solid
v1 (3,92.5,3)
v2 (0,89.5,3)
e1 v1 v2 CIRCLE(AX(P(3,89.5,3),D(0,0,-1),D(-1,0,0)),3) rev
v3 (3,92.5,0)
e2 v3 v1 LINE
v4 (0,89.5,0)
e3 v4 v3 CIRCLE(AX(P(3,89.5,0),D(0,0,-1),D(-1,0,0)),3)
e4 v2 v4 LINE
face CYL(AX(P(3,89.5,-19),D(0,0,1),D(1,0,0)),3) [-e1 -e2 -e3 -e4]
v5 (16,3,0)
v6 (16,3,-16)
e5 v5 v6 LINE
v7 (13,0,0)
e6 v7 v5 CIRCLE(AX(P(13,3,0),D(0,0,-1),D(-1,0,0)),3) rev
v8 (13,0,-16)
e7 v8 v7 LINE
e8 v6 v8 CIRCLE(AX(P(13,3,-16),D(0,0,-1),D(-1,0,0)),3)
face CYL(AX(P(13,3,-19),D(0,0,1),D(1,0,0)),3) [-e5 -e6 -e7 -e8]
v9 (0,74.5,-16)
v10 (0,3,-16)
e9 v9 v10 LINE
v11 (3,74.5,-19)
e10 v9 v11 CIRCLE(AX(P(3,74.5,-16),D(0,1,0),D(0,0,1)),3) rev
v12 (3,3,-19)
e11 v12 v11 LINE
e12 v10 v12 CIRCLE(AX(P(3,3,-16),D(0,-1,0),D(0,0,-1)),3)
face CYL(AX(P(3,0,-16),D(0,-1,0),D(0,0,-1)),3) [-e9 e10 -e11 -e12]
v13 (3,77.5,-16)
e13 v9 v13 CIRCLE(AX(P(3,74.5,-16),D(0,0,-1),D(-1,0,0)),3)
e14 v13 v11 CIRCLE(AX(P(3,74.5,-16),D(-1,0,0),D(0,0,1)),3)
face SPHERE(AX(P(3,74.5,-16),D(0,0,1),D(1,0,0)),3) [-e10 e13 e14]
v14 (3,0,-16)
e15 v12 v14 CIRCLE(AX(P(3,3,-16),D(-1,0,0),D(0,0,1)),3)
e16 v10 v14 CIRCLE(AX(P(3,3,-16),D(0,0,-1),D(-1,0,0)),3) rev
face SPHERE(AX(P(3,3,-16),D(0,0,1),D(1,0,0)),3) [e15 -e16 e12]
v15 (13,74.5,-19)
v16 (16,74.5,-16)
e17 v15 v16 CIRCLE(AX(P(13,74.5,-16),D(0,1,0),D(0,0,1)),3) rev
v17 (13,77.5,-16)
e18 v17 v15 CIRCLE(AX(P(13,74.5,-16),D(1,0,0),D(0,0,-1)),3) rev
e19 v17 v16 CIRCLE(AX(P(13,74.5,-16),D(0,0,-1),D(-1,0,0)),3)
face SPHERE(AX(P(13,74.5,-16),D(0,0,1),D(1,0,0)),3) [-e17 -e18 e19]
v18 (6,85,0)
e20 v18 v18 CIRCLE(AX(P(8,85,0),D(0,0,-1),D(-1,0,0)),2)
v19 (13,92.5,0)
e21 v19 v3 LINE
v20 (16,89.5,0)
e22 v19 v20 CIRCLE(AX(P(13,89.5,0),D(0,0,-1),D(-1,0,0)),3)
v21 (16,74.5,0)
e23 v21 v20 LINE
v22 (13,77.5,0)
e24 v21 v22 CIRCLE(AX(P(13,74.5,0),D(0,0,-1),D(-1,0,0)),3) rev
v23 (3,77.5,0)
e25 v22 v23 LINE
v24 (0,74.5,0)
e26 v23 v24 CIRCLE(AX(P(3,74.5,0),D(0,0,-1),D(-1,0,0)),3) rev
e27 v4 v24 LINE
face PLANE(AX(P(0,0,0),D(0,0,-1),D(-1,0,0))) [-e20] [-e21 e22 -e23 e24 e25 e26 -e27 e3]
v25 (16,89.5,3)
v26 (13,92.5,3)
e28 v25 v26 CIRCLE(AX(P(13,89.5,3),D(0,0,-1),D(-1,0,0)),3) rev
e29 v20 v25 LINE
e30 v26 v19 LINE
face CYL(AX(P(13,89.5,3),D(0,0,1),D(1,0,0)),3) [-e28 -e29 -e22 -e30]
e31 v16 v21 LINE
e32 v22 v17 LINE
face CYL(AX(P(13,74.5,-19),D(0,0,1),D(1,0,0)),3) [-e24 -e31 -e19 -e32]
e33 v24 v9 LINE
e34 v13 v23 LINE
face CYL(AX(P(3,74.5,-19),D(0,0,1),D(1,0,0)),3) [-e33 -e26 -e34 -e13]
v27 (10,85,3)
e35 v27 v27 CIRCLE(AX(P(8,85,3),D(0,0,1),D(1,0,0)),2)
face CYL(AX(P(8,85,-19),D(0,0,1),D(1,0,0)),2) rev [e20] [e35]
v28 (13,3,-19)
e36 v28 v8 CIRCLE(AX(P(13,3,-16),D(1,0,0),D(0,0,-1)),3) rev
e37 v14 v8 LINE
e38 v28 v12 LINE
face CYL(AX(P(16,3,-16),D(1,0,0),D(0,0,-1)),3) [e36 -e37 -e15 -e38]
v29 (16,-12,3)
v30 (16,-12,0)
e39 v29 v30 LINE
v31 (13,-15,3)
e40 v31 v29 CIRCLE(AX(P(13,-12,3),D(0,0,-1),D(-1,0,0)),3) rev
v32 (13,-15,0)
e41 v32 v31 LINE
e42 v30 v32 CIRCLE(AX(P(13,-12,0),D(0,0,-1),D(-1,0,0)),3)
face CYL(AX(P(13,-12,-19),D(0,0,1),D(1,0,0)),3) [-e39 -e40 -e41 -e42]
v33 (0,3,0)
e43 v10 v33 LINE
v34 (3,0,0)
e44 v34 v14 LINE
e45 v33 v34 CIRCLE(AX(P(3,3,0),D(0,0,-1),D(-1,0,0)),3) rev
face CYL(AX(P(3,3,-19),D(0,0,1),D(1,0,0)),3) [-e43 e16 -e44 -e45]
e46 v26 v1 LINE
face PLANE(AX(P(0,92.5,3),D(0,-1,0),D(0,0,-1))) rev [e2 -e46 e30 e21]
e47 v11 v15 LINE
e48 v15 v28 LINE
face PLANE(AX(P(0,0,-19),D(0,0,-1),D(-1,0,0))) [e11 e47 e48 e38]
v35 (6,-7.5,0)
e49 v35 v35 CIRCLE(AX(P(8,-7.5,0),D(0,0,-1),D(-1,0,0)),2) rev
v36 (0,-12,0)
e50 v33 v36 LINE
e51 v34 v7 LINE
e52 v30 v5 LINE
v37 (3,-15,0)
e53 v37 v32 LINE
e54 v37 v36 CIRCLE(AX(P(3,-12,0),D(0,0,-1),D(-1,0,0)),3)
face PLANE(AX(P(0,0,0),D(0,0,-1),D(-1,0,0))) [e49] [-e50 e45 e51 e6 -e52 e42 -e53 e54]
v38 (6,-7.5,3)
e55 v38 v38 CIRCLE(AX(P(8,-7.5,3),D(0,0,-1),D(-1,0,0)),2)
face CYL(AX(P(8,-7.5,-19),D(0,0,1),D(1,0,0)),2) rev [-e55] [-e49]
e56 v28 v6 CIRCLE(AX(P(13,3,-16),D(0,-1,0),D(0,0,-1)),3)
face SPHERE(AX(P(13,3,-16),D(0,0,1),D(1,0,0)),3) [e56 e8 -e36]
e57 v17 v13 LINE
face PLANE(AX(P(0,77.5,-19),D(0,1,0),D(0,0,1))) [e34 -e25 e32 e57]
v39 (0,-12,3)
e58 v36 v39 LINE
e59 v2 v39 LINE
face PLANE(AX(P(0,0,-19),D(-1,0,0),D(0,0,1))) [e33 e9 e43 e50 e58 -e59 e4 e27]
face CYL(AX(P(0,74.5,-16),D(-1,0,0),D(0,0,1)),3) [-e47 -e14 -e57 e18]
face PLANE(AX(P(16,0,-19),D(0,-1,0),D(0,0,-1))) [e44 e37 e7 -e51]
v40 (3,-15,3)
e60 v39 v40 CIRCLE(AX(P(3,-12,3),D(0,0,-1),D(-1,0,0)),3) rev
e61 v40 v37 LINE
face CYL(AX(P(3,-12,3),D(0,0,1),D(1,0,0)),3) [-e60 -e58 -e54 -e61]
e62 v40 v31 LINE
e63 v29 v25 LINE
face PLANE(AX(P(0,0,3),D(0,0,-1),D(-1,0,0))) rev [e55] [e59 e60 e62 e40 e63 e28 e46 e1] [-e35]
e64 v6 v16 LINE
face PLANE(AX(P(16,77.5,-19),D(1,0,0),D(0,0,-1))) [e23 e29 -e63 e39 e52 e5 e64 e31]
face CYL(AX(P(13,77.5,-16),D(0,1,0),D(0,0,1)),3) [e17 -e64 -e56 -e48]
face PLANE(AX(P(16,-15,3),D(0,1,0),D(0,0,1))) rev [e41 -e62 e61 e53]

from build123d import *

# Parameters (mm, degrees)
SKETCH2_W           = 16
SKETCH2_H           = 77.5
BOSS_EXTRUDE1_DEPTH = 19
BOSS_EXTRUDE2_DEPTH = 3
SKETCH4_R           = 2
CUT_EXTRUDE1_DEPTH  = 23
FILLET1_R           = 3
FILLET2_R           = 3


with BuildPart() as part:
    # Sketch2 → Boss-Extrude1 (new body)
    with BuildSketch(Plane.XY):
        with Locations((8, 38.75)):
            Rectangle(SKETCH2_W, SKETCH2_H)
    extrude(amount=-BOSS_EXTRUDE1_DEPTH)

    # Sketch3 → Boss-Extrude2 (add)
    with BuildSketch(Plane.XY):
        Polygon((0, 77.5), (0, 92.5), (16, 92.5), (16, 0), (16, -15), (0, -15), align=None)
    extrude(amount=BOSS_EXTRUDE2_DEPTH)

    # Sketch4 → Cut-Extrude1 (cut, through all)
    with BuildSketch(Plane.XY.offset(3)):
        with Locations((8, 85)):
            Circle(SKETCH4_R)
        with Locations((8, -7.5)):
            Circle(SKETCH4_R)
    extrude(amount=-CUT_EXTRUDE1_DEPTH, mode=Mode.SUBTRACT)

    # Fillet1
    fillet1_edges = [part.edges().sort_by_distance(p)[0] for p in [
        (8, 77.5, -19),
        (0, 38.75, -19),
        (8, 0, -19),
        (16, 38.75, -19),
        (0, 0, -9.5),
        (0, 77.5, -9.5),
        (16, 77.5, -9.5),
        (16, 0, -9.5),
    ]]
    fillet(fillet1_edges, radius=FILLET1_R)

    # Fillet2
    fillet2_edges = [part.edges().sort_by_distance(p)[0] for p in [
        (0, -15, 1.5),
        (16, -15, 1.5),
        (16, 92.5, 1.5),
        (0, 92.5, 1.5),
    ]]
    fillet(fillet2_edges, radius=FILLET2_R)


solid = part.part
